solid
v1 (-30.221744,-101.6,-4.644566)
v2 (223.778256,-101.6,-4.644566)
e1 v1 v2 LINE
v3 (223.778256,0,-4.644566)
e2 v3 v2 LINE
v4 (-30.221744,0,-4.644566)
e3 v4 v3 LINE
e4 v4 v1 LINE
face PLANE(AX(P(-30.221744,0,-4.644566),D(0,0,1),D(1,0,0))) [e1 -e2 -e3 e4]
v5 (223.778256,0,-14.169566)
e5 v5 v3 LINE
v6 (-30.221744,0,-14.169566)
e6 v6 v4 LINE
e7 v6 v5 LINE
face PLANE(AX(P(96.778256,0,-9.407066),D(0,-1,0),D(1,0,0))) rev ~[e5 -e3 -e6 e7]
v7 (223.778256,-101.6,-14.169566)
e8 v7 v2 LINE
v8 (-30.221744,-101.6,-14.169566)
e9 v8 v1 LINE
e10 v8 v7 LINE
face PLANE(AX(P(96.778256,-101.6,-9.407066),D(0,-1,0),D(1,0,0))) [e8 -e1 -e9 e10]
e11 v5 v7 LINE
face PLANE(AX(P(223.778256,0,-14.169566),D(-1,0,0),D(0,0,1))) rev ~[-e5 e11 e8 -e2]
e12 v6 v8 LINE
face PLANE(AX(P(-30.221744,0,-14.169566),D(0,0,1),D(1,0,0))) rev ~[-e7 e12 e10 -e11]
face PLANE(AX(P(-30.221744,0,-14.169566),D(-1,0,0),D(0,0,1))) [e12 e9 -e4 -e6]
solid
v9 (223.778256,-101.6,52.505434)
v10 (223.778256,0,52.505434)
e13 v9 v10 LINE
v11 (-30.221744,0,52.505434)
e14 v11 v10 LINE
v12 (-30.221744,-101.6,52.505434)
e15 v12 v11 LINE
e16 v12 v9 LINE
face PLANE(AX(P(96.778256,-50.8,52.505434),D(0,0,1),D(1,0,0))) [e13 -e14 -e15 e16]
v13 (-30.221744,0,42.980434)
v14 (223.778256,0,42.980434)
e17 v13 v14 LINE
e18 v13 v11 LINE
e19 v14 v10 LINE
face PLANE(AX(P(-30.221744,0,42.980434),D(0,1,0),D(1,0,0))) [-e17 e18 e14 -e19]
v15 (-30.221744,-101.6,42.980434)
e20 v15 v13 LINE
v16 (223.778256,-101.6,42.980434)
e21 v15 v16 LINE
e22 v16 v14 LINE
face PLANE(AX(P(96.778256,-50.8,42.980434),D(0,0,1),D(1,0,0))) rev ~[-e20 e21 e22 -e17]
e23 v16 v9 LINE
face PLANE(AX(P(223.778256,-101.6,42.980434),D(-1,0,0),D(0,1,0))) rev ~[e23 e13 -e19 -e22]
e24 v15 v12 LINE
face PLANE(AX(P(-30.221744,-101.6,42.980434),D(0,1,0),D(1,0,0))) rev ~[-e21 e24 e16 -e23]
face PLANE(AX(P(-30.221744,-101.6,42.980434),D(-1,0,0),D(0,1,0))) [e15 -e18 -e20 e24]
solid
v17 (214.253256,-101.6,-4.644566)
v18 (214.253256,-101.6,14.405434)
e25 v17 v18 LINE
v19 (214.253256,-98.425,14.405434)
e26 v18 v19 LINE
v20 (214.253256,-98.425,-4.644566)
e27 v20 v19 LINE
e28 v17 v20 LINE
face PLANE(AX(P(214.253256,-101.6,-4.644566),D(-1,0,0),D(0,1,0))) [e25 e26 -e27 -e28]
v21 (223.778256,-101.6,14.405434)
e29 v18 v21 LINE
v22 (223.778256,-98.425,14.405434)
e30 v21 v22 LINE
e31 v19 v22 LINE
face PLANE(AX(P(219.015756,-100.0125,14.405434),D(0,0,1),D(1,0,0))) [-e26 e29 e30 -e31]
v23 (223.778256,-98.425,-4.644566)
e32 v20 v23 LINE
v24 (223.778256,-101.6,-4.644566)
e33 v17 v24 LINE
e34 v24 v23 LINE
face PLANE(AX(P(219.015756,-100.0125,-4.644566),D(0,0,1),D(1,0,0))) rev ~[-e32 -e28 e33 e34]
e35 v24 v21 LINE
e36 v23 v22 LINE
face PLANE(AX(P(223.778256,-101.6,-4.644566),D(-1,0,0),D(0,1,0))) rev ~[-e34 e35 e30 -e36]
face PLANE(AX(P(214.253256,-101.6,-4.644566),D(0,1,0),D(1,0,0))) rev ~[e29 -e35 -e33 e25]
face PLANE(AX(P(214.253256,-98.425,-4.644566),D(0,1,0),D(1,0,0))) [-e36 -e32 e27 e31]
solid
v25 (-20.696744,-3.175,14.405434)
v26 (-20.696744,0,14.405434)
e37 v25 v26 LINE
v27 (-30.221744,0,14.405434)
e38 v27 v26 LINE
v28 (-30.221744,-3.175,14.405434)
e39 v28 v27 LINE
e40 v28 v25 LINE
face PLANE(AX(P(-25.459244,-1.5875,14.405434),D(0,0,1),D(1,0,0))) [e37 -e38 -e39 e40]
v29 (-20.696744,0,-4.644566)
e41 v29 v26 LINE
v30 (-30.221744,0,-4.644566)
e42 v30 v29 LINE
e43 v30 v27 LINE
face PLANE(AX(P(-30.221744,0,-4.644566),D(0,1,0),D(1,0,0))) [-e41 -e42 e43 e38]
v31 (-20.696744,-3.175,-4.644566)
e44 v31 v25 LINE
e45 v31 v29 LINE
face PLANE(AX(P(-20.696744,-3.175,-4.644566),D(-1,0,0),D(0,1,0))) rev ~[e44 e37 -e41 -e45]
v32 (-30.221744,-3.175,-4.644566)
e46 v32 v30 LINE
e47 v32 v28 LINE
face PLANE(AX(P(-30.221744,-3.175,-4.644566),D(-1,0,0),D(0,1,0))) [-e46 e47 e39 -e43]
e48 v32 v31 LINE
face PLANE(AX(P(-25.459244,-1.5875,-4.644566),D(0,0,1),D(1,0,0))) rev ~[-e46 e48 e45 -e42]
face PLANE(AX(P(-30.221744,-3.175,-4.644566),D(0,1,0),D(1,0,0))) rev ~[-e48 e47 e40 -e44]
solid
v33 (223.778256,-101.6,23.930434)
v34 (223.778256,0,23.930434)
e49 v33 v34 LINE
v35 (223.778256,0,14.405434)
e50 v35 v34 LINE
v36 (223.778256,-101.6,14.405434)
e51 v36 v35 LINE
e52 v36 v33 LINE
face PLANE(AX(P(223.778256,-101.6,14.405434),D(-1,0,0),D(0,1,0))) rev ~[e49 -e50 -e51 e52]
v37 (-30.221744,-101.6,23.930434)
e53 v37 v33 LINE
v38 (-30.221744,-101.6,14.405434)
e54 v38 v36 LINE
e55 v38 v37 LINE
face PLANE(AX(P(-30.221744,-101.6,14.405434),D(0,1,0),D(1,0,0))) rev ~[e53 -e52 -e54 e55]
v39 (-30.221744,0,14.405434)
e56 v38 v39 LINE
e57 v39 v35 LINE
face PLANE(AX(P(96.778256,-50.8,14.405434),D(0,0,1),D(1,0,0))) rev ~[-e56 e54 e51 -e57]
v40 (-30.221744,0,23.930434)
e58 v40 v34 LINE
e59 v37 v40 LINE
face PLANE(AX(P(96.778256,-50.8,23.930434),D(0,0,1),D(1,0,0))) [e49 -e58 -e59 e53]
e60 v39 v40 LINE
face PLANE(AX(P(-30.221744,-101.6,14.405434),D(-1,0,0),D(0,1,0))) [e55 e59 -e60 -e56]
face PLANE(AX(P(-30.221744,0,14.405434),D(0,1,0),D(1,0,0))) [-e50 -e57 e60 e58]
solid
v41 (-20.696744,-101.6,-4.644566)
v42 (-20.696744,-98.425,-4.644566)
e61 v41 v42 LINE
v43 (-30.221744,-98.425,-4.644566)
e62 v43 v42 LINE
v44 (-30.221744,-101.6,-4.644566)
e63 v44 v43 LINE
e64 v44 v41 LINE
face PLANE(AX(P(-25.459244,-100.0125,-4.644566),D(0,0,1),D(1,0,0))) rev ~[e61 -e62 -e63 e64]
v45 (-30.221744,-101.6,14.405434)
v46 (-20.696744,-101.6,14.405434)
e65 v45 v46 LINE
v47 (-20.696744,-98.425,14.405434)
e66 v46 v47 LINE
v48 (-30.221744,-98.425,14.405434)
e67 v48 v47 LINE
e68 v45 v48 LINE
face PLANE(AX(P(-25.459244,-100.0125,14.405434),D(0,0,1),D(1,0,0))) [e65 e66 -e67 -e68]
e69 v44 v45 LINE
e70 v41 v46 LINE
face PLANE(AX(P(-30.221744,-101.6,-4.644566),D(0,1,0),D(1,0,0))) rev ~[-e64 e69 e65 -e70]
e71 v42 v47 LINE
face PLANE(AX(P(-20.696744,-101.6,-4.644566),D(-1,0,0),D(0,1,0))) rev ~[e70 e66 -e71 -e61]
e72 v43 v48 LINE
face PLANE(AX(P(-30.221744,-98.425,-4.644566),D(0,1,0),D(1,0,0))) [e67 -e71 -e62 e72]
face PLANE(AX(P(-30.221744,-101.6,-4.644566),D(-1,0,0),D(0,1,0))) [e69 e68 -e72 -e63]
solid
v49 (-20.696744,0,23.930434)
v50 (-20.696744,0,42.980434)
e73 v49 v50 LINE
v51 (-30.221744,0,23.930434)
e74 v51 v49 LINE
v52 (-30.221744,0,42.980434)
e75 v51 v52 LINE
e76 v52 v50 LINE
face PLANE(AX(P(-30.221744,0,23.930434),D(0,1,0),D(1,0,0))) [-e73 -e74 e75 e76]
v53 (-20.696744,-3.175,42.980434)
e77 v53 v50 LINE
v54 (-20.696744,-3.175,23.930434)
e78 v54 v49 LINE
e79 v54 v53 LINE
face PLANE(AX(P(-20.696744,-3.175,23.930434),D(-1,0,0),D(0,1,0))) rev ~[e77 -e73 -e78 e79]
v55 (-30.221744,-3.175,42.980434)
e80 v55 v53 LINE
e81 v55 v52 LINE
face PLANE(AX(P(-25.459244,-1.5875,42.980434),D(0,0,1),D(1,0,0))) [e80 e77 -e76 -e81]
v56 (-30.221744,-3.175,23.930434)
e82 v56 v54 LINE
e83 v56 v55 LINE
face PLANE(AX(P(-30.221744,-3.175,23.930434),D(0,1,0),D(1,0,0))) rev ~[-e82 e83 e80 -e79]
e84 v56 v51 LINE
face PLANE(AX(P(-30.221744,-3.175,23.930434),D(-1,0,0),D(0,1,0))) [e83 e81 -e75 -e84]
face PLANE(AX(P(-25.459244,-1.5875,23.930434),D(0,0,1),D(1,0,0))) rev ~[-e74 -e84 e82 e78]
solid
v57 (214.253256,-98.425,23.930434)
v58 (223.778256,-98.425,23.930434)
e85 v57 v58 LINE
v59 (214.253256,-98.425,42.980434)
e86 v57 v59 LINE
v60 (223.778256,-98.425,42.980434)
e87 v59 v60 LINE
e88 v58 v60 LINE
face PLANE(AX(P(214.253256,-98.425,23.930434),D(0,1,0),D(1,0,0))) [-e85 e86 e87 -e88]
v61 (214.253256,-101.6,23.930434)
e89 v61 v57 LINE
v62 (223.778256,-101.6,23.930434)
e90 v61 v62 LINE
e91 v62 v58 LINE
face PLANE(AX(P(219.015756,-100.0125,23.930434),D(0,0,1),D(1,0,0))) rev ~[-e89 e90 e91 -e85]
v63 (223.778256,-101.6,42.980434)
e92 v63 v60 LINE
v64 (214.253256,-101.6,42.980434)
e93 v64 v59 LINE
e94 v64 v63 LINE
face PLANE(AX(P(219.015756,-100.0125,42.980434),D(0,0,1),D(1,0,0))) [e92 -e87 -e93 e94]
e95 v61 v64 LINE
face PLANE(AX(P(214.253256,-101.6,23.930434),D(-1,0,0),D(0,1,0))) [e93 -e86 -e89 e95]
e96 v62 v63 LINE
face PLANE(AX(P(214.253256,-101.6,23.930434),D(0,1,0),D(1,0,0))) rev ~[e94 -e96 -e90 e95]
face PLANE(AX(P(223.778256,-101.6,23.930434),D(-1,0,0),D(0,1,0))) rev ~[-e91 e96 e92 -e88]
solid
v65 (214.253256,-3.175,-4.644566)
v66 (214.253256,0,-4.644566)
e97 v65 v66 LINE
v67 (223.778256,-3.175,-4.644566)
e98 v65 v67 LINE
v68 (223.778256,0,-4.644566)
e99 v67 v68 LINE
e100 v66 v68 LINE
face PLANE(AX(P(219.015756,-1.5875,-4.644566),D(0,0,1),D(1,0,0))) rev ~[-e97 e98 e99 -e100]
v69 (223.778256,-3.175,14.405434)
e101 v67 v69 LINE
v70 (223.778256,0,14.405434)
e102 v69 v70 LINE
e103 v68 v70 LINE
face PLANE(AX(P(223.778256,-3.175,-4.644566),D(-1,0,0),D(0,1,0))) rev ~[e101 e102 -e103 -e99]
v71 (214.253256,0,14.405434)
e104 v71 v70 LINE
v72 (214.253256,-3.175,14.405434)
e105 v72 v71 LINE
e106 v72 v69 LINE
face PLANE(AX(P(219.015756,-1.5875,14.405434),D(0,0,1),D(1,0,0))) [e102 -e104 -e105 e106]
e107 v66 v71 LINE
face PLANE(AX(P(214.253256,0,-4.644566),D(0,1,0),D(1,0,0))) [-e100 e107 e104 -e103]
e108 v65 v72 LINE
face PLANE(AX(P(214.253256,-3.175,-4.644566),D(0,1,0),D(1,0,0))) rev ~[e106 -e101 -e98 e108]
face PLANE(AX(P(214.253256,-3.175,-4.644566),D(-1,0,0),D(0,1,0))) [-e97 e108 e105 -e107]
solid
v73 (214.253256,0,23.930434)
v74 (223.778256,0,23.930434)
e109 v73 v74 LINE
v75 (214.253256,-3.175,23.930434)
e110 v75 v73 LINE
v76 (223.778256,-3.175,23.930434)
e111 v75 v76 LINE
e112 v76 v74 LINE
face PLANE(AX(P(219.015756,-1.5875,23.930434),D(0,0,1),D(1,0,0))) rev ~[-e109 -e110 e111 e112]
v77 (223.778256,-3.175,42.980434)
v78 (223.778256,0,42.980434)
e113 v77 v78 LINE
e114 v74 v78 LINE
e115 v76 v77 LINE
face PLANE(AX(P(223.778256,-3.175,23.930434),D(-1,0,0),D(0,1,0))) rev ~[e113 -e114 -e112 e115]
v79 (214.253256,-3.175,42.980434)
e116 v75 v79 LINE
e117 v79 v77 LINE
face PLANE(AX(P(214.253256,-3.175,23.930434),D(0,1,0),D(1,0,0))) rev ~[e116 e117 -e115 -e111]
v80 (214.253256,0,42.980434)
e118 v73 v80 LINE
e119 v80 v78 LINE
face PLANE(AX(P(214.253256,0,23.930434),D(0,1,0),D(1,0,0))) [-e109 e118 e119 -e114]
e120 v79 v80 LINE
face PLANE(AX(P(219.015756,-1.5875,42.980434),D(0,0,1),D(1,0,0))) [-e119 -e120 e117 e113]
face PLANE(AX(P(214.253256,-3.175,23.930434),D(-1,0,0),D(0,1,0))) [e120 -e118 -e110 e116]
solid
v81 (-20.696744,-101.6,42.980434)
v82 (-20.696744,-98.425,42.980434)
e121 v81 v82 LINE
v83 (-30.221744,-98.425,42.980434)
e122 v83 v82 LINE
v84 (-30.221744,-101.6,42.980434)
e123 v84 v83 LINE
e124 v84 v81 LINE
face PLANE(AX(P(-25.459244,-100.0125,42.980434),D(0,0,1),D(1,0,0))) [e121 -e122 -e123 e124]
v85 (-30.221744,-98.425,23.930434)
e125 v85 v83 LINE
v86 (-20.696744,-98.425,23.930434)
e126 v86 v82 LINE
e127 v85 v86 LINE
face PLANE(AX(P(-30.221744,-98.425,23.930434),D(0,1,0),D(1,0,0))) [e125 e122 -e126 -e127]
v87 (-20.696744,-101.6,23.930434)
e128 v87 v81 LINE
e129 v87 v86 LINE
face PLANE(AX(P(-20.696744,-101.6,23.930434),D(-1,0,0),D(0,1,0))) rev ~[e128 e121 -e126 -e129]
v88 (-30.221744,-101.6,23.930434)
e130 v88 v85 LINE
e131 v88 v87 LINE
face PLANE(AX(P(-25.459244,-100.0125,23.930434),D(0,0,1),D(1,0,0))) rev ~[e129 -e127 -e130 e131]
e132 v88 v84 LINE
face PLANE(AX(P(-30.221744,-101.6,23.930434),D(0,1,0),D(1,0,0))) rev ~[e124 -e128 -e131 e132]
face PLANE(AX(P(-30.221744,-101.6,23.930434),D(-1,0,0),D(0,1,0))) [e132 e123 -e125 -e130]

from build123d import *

# Parameters (mm, degrees)
F0_W     = 254
F0_H     = 9.525
F1_DEPTH = 101.6
F2_W     = 9.525
F2_H     = 3.175
F3_DEPTH = 19.05
F4_W     = 254
F4_H     = 101.6
F5_DEPTH = 9.525
F6_W     = 9.525
F6_H     = 3.175
F7_DEPTH = 19.05
F8_W     = 254
F8_H     = 101.6
F9_DEPTH = 9.525


with BuildPart() as f1:
    # F0 (on Front) → F1 (new body)
    with BuildSketch(Plane.XZ):
        with Locations((96.778256, -9.407066)):
            Rectangle(F0_W, F0_H)
    extrude(amount=F1_DEPTH)


with BuildPart() as f3:
    # F2 (on face) → F3 (new body)
    with BuildSketch(Plane.XY.offset(23.930434)):
        with Locations((219.015756, -100.0125)):
            Rectangle(F2_W, F2_H)
        with Locations((219.015756, -1.5875)):
            Rectangle(F2_W, F2_H)
        with Locations((-25.459244, -100.0125)):
            Rectangle(F2_W, F2_H)
        with Locations((-25.459244, -1.5875)):
            Rectangle(F2_W, F2_H)
    extrude(amount=F3_DEPTH)


with BuildPart() as f5:
    # F4 (on face) → F5 (new body)
    with BuildSketch(Plane.XY.offset(14.405434)):
        with Locations((96.778256, -50.8)):
            Rectangle(F4_W, F4_H)
    extrude(amount=F5_DEPTH)


with BuildPart() as f7:
    # F6 (on face) → F7 (new body)
    with BuildSketch(Plane.XY.offset(-4.644566)):
        with Locations((-25.459244, -1.5875)):
            Rectangle(F6_W, F6_H)
        with Locations((219.015756, -1.5875)):
            Rectangle(F6_W, F6_H)
        with Locations((219.015756, -100.0125)):
            Rectangle(F6_W, F6_H)
        with Locations((-25.459244, -100.0125)):
            Rectangle(F6_W, F6_H)
    extrude(amount=F7_DEPTH)


with BuildPart() as f9:
    # F8 (on face) → F9 (new body)
    with BuildSketch(Plane.XY.offset(42.980434)):
        with Locations((96.778256, -50.8)):
            Rectangle(F8_W, F8_H)
    extrude(amount=F9_DEPTH)


solid = Compound([f1.part, f3.part, f5.part, f7.part, f9.part])
